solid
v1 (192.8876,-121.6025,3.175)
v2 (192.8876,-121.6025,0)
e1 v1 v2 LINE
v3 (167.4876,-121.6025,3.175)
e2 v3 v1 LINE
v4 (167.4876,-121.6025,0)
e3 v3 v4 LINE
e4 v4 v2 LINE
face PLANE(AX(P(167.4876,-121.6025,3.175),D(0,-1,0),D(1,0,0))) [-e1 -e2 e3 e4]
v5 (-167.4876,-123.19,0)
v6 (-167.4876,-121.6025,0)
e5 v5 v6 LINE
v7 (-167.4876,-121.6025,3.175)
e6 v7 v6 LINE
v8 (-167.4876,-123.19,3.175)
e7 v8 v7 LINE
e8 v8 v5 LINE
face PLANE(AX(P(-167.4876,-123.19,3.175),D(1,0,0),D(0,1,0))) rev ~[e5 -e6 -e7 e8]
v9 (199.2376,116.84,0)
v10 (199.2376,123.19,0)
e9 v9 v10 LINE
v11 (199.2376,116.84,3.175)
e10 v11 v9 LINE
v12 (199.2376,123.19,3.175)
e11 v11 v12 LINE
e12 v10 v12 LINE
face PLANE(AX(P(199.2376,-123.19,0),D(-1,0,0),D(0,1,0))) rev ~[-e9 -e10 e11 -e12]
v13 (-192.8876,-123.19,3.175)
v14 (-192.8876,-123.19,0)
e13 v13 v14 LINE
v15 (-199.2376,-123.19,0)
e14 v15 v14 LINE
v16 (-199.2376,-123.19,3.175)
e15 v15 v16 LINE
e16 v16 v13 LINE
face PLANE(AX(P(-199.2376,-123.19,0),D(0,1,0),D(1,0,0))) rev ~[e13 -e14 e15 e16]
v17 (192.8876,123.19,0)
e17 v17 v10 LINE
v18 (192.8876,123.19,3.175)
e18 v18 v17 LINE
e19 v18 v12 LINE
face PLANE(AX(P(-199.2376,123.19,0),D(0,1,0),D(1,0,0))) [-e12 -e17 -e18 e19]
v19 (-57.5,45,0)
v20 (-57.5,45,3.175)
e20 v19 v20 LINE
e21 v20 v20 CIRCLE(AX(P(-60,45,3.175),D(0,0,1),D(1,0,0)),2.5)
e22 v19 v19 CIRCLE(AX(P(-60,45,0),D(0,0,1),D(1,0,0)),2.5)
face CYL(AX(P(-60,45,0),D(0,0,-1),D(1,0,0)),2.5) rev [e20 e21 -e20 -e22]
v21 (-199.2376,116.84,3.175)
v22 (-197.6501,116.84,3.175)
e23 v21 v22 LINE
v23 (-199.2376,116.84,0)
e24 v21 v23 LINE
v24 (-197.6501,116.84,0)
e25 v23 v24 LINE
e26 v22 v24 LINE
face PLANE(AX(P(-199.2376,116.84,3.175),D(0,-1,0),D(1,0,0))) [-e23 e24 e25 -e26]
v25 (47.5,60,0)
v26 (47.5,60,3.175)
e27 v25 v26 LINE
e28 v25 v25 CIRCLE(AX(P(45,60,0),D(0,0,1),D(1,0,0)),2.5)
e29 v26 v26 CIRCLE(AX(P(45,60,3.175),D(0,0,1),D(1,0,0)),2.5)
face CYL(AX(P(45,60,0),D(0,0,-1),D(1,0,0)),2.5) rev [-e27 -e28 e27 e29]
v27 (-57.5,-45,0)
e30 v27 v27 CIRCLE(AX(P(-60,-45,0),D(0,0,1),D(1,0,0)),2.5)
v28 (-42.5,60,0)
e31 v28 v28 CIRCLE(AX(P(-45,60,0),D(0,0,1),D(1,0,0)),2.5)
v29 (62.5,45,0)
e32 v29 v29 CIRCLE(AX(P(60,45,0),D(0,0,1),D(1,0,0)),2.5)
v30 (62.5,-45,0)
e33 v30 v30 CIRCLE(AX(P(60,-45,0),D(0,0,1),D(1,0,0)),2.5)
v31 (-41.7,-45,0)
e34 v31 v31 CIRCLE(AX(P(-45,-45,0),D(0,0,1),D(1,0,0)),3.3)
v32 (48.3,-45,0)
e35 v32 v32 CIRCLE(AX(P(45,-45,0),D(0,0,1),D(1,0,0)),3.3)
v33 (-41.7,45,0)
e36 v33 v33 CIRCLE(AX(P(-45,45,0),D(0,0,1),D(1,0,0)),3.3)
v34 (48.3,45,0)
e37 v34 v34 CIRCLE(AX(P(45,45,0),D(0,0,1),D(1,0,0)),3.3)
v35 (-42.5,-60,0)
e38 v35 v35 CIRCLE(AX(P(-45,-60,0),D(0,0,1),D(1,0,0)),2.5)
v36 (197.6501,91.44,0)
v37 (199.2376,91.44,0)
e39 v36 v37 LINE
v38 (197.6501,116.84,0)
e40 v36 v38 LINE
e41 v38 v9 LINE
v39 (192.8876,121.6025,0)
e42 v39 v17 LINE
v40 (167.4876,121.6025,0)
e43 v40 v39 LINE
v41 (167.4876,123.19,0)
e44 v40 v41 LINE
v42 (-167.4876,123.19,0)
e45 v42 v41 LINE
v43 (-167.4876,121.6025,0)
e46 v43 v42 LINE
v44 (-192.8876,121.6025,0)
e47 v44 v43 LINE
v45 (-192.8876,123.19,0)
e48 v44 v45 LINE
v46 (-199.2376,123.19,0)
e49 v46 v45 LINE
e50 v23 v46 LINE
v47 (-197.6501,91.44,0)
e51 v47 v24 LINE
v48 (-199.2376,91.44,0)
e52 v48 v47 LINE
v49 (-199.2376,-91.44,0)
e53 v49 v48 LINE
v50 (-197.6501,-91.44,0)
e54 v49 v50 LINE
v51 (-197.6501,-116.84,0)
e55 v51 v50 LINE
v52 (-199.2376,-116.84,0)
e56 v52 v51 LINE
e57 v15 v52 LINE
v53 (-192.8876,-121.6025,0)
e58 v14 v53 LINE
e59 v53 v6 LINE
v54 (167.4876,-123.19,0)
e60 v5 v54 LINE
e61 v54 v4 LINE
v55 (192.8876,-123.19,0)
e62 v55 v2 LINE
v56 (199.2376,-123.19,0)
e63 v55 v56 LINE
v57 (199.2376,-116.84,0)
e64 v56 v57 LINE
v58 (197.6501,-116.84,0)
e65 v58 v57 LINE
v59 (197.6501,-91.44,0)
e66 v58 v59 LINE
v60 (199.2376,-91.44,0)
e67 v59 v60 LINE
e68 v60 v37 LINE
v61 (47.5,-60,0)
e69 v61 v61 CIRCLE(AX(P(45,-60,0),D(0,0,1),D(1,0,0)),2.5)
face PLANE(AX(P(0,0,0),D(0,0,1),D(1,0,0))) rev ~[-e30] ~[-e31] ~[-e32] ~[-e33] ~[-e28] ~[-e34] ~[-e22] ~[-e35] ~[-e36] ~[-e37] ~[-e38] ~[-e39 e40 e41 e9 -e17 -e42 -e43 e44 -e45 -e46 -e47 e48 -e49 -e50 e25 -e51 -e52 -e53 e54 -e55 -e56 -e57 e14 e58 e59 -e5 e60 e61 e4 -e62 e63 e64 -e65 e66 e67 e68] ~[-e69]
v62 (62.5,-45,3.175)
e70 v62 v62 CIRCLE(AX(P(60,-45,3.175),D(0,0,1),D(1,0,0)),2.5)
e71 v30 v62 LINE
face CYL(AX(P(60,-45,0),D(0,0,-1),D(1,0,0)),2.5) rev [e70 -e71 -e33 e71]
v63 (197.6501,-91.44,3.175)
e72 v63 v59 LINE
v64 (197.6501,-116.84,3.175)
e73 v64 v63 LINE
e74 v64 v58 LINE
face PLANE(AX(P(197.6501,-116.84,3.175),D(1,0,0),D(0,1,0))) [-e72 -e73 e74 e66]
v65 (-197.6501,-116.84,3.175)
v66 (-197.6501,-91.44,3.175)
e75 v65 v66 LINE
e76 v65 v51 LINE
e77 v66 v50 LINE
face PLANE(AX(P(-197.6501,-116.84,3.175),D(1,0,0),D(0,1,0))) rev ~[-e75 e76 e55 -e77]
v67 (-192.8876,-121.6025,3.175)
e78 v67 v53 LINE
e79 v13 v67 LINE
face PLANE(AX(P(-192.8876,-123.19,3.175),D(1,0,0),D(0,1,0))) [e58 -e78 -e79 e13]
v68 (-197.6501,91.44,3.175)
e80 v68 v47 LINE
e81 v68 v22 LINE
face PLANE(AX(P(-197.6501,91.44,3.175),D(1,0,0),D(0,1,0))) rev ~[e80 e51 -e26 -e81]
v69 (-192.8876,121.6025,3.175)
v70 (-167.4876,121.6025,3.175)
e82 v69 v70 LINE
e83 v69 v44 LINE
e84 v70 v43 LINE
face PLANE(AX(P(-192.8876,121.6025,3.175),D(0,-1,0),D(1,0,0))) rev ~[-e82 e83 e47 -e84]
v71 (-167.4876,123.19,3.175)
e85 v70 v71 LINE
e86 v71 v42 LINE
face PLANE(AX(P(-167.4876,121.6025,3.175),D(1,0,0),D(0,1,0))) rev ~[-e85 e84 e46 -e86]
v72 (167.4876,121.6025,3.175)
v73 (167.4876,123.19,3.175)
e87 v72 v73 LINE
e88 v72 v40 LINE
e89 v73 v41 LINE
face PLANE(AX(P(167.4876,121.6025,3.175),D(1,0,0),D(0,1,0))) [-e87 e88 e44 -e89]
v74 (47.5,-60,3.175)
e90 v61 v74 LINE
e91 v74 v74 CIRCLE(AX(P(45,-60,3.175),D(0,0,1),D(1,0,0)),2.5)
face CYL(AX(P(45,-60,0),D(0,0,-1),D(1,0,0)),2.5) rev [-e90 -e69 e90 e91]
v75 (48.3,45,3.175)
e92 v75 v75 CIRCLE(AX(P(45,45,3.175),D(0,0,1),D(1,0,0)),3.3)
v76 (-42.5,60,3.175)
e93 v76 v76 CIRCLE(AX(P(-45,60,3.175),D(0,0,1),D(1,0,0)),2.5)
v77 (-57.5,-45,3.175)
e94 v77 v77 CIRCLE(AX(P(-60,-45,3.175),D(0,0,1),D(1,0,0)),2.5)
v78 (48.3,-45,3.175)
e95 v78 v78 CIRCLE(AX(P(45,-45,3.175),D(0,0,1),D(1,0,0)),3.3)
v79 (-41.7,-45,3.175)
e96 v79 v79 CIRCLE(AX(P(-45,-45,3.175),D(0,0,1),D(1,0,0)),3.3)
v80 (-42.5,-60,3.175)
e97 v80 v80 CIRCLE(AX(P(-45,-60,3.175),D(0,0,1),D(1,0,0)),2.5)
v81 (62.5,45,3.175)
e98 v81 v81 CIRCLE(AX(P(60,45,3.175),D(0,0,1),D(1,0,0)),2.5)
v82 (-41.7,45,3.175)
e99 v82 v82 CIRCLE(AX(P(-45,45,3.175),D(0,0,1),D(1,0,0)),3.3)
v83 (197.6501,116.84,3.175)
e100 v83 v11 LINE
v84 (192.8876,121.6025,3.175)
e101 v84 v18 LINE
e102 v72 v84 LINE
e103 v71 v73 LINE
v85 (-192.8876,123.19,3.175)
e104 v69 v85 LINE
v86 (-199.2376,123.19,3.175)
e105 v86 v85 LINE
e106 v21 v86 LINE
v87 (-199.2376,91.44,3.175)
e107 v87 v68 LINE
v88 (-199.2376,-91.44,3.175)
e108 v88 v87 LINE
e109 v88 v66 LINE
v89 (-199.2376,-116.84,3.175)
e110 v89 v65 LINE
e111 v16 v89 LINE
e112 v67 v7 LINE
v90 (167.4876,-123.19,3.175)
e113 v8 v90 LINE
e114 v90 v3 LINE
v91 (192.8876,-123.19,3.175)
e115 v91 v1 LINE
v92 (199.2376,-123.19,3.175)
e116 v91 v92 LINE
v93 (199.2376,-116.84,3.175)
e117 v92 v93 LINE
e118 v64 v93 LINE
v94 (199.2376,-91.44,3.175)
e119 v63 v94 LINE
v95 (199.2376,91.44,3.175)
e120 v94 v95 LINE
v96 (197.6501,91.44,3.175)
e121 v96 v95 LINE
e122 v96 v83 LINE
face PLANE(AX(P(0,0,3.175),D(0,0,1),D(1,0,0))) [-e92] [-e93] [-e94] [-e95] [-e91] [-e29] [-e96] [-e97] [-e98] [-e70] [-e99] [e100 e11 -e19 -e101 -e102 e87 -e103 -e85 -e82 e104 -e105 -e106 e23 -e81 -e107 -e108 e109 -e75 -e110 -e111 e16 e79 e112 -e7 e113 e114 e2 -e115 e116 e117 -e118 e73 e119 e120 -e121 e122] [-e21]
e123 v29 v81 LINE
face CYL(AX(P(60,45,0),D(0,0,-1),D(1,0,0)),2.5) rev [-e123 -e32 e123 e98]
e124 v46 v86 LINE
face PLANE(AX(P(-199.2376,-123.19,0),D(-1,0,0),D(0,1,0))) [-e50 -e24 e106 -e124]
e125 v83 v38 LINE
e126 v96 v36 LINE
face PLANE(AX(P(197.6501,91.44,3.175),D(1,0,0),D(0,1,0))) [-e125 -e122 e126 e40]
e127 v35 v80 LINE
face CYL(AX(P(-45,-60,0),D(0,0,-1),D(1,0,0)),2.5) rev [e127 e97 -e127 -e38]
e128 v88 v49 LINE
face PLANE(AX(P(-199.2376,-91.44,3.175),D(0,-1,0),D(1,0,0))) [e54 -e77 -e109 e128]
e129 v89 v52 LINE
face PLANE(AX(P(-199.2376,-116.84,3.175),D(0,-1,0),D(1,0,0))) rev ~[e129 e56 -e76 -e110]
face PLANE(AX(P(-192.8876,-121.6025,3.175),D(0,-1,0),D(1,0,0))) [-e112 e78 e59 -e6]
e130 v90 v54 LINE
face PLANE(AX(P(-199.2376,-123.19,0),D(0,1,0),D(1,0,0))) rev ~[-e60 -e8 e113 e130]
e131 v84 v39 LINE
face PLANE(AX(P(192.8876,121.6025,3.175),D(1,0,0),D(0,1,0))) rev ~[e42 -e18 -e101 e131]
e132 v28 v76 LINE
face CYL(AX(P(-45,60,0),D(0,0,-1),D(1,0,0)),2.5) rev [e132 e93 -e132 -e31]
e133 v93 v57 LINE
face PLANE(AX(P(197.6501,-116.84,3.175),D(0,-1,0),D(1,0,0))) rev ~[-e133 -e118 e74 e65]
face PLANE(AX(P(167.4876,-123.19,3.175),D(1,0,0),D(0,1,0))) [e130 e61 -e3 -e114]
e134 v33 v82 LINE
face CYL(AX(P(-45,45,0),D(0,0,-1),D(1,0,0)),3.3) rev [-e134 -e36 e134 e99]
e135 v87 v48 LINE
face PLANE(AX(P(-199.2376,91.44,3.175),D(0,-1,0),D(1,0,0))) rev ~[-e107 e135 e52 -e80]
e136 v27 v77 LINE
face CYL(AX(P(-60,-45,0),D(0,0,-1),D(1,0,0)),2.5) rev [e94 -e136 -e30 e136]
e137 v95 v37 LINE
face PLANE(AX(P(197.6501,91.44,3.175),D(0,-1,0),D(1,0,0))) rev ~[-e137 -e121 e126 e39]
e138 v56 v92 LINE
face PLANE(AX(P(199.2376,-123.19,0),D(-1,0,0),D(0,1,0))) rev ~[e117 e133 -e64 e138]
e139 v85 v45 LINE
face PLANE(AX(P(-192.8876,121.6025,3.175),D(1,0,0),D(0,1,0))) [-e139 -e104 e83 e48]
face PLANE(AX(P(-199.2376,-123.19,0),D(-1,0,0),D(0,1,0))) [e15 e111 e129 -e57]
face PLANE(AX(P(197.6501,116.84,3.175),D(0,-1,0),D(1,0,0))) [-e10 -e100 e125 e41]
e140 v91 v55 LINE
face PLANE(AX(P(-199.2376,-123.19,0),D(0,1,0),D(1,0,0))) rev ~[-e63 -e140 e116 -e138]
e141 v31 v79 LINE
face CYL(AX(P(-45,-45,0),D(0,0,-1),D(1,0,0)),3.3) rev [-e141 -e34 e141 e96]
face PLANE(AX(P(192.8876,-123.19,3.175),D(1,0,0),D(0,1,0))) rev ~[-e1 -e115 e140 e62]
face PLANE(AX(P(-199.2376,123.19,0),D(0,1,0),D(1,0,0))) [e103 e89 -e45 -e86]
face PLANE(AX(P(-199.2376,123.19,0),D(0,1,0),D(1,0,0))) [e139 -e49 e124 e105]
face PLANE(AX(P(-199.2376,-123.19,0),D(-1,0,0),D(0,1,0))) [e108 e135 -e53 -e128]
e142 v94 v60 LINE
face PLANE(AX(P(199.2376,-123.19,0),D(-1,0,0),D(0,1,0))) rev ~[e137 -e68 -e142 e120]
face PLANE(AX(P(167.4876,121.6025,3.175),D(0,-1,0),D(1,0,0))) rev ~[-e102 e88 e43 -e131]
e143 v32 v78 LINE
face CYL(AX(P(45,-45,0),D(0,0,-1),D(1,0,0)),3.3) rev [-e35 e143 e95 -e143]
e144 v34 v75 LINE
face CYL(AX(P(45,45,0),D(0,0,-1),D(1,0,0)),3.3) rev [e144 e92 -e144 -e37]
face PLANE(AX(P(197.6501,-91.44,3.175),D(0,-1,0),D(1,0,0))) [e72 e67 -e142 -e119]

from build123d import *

# Parameters (mm, degrees)
F0_W     = 398.4752
F0_H     = 246.38
F0_R     = 2.5
F0_R_2   = 3.3
F1_DEPTH = 3.175
F2_W     = 25.4
F2_H     = 1.5875
F2_W_2   = 1.5875
F2_H_2   = 25.4
F3_DEPTH = 3.175


with BuildPart() as f1:
    # F0 (on Top) → F1 (new body)
    with BuildSketch(Plane.XY):
        Rectangle(F0_W, F0_H)
        with Locations((-60, -45)):
            Circle(F0_R, mode=Mode.SUBTRACT)
        with Locations((-45, -60)):
            Circle(F0_R, mode=Mode.SUBTRACT)
        with Locations((-45, -45)):
            Circle(F0_R_2, mode=Mode.SUBTRACT)
        with Locations((45, -60)):
            Circle(F0_R, mode=Mode.SUBTRACT)
        with Locations((45, -45)):
            Circle(F0_R_2, mode=Mode.SUBTRACT)
        with Locations((60, -45)):
            Circle(F0_R, mode=Mode.SUBTRACT)
        with Locations((-60, 45)):
            Circle(F0_R, mode=Mode.SUBTRACT)
        with Locations((-45, 45)):
            Circle(F0_R_2, mode=Mode.SUBTRACT)
        with Locations((-45, 60)):
            Circle(F0_R, mode=Mode.SUBTRACT)
        with Locations((45, 45)):
            Circle(F0_R_2, mode=Mode.SUBTRACT)
        with Locations((45, 60)):
            Circle(F0_R, mode=Mode.SUBTRACT)
        with Locations((60, 45)):
            Circle(F0_R, mode=Mode.SUBTRACT)
    extrude(amount=F1_DEPTH)

    # F2 (on face) → F3 (cut, through all)
    with BuildSketch(Plane.XY.offset(3.175)):
        with Locations((-180.1876, 122.39625)):
            Rectangle(F2_W, F2_H)
        with Locations((180.1876, 122.39625)):
            Rectangle(F2_W, F2_H)
        with Locations((-180.1876, -122.39625)):
            Rectangle(F2_W, F2_H)
        with Locations((180.1876, -122.39625)):
            Rectangle(F2_W, F2_H)
        with Locations((-198.44385, 104.14)):
            Rectangle(F2_W_2, F2_H_2)
        with Locations((198.44385, 104.14)):
            Rectangle(F2_W_2, F2_H_2)
        with Locations((-198.44385, -104.14)):
            Rectangle(F2_W_2, F2_H_2)
        with Locations((198.44385, -104.14)):
            Rectangle(F2_W_2, F2_H_2)
    extrude(amount=-F3_DEPTH, mode=Mode.SUBTRACT)


solid = f1.part
